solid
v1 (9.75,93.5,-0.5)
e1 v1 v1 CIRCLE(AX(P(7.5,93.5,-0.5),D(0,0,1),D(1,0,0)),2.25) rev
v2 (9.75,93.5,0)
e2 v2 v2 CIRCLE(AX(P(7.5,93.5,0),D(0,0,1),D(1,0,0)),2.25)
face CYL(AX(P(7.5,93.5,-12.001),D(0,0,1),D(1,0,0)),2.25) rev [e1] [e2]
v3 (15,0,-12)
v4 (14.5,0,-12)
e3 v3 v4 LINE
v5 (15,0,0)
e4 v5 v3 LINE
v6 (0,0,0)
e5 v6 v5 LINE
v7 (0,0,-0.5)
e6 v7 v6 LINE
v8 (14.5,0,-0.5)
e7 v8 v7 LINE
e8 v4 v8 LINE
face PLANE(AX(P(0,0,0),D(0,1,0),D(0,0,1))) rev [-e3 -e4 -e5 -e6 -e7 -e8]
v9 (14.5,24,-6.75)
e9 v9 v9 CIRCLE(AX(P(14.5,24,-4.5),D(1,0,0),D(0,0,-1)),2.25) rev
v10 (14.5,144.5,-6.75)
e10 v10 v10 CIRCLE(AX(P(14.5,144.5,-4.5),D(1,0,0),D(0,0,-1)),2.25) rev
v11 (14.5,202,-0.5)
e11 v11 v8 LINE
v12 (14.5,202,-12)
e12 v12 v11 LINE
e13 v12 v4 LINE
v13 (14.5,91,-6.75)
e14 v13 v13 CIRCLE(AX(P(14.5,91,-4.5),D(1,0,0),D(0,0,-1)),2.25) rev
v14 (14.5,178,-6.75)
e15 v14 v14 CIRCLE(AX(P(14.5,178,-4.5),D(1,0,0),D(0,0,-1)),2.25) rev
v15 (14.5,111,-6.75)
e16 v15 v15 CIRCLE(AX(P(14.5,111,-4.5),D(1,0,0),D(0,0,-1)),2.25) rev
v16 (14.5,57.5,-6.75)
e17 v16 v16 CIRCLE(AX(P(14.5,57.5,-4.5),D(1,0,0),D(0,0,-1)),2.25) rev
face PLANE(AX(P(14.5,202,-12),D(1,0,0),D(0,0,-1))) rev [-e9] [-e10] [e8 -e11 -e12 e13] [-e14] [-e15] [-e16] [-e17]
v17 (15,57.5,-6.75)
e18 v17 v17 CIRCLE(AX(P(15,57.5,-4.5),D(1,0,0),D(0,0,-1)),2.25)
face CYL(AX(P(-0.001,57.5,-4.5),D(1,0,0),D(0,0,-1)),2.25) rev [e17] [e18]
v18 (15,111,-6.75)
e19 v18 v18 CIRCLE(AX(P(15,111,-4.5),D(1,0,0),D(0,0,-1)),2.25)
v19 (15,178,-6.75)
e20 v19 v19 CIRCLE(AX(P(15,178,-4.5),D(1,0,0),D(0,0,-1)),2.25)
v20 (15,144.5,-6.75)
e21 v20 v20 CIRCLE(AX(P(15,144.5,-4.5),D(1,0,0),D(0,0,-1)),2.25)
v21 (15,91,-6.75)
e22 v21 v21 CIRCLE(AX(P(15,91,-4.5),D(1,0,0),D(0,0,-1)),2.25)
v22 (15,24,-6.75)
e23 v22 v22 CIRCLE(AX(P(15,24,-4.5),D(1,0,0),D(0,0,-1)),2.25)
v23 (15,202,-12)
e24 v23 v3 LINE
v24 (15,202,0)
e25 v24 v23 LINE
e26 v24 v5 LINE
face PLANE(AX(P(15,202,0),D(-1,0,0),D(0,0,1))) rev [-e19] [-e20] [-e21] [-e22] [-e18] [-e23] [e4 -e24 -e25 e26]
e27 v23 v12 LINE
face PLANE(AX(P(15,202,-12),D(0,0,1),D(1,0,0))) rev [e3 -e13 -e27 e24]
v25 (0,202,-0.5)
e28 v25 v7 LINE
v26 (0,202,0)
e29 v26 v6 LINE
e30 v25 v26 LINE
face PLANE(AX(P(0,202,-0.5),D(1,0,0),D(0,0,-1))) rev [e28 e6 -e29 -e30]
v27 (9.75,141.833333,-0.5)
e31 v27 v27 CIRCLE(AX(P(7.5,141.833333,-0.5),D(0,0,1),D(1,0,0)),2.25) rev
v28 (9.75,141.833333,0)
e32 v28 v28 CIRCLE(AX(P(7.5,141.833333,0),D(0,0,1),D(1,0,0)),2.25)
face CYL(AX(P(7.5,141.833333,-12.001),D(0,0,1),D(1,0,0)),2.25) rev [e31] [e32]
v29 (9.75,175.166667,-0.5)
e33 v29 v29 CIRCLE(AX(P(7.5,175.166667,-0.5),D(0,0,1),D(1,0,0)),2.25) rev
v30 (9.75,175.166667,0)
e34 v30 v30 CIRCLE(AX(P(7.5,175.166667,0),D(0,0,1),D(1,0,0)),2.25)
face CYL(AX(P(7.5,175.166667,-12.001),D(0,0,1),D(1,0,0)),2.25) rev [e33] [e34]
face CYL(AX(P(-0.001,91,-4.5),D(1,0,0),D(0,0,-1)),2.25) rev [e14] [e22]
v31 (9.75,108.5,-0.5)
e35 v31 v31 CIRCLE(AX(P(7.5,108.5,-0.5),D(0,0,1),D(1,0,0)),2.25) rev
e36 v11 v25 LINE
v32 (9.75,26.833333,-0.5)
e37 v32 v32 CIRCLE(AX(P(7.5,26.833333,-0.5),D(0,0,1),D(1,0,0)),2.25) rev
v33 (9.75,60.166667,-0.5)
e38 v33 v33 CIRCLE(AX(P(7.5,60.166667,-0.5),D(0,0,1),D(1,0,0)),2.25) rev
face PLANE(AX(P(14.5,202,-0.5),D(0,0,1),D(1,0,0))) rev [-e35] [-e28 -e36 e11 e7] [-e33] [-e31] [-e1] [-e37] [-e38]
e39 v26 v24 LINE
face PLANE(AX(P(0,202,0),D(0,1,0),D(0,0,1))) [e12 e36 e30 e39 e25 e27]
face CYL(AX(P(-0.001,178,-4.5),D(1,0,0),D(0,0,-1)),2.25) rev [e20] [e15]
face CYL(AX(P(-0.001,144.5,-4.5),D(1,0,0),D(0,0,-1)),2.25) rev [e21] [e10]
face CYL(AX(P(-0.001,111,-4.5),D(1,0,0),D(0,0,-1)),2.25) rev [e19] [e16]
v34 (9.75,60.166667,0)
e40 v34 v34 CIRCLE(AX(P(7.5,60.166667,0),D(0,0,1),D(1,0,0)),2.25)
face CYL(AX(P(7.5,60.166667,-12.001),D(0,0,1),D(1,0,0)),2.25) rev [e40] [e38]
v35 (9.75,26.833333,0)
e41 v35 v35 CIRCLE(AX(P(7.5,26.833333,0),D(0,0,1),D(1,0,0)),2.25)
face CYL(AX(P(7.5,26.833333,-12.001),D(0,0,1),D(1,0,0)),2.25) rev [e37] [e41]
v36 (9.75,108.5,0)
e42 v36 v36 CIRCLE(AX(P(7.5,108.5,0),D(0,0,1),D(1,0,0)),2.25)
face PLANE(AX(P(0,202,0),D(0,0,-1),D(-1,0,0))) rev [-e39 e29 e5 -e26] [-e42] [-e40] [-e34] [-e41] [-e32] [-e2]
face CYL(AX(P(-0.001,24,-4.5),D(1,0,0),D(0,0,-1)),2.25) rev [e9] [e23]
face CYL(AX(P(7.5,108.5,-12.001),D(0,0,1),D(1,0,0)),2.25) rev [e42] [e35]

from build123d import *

# Parameters (mm, degrees)
BOSS_EXTRUDE1_DEPTH = 202
CUT_EXTRUDE1_REACH  = 14
SKETCH2_R           = 2.25
CUT_EXTRUDE2_REACH  = 17
SKETCH3_R           = 2.25


with BuildPart() as part:
    # Sketch1 → Boss-Extrude1 (new body)
    with BuildSketch(Plane(origin=(0, 0, 0), x_dir=(1, 0, 0), z_dir=(0, 1, 0))):
        Polygon((0, 0), (15, 0), (15, 12), (14.5, 12), (14.5, 0.5), (0, 0.5), align=None)
    extrude(amount=BOSS_EXTRUDE1_DEPTH)

    # Sketch2 → Cut-Extrude1 (cut, up to next)
    with BuildSketch(Plane.XY, mode=Mode.PRIVATE) as cut_extrude1_sk1:
        with Locations((7.5, 175.166666667)):
            Circle(SKETCH2_R)
    cut_extrude1_tool1 = extrude(cut_extrude1_sk1.sketch, amount=-CUT_EXTRUDE1_REACH, mode=Mode.PRIVATE) & part.part
    add(cut_extrude1_tool1.solids().sort_by_distance((7.5, 175.166667, 0))[0], mode=Mode.SUBTRACT)
    # Sketch2 → Cut-Extrude1 (cut, up to next)
    with BuildSketch(Plane.XY, mode=Mode.PRIVATE) as cut_extrude1_sk2:
        with Locations((7.5, 141.833333333)):
            Circle(SKETCH2_R)
    cut_extrude1_tool2 = extrude(cut_extrude1_sk2.sketch, amount=-CUT_EXTRUDE1_REACH, mode=Mode.PRIVATE) & part.part
    add(cut_extrude1_tool2.solids().sort_by_distance((7.5, 141.833333, 0))[0], mode=Mode.SUBTRACT)
    # Sketch2 → Cut-Extrude1 (cut, up to next)
    with BuildSketch(Plane.XY, mode=Mode.PRIVATE) as cut_extrude1_sk3:
        with Locations((7.5, 108.5)):
            Circle(SKETCH2_R)
    cut_extrude1_tool3 = extrude(cut_extrude1_sk3.sketch, amount=-CUT_EXTRUDE1_REACH, mode=Mode.PRIVATE) & part.part
    add(cut_extrude1_tool3.solids().sort_by_distance((7.5, 108.5, 0))[0], mode=Mode.SUBTRACT)
    # Sketch2 → Cut-Extrude1 (cut, up to next)
    with BuildSketch(Plane.XY, mode=Mode.PRIVATE) as cut_extrude1_sk4:
        with Locations((7.5, 93.5)):
            Circle(SKETCH2_R)
    cut_extrude1_tool4 = extrude(cut_extrude1_sk4.sketch, amount=-CUT_EXTRUDE1_REACH, mode=Mode.PRIVATE) & part.part
    add(cut_extrude1_tool4.solids().sort_by_distance((7.5, 93.5, 0))[0], mode=Mode.SUBTRACT)
    # Sketch2 → Cut-Extrude1 (cut, up to next)
    with BuildSketch(Plane.XY, mode=Mode.PRIVATE) as cut_extrude1_sk5:
        with Locations((7.5, 60.166666667)):
            Circle(SKETCH2_R)
    cut_extrude1_tool5 = extrude(cut_extrude1_sk5.sketch, amount=-CUT_EXTRUDE1_REACH, mode=Mode.PRIVATE) & part.part
    add(cut_extrude1_tool5.solids().sort_by_distance((7.5, 60.166667, 0))[0], mode=Mode.SUBTRACT)
    # Sketch2 → Cut-Extrude1 (cut, up to next)
    with BuildSketch(Plane.XY, mode=Mode.PRIVATE) as cut_extrude1_sk6:
        with Locations((7.5, 26.833333333)):
            Circle(SKETCH2_R)
    cut_extrude1_tool6 = extrude(cut_extrude1_sk6.sketch, amount=-CUT_EXTRUDE1_REACH, mode=Mode.PRIVATE) & part.part
    add(cut_extrude1_tool6.solids().sort_by_distance((7.5, 26.833333, 0))[0], mode=Mode.SUBTRACT)

    # Sketch3 → Cut-Extrude2 (cut, up to next)
    with BuildSketch(Plane(origin=(15, 0, 0), x_dir=(0, 0, -1), z_dir=(1, 0, 0)), mode=Mode.PRIVATE) as cut_extrude2_sk1:
        with Locations((4.5, 24)):
            Circle(SKETCH3_R)
    cut_extrude2_tool1 = extrude(cut_extrude2_sk1.sketch, amount=-CUT_EXTRUDE2_REACH, mode=Mode.PRIVATE) & part.part
    add(cut_extrude2_tool1.solids().sort_by_distance((15, 24, -4.5))[0], mode=Mode.SUBTRACT)
    # Sketch3 → Cut-Extrude2 (cut, up to next)
    with BuildSketch(Plane(origin=(15, 0, 0), x_dir=(0, 0, -1), z_dir=(1, 0, 0)), mode=Mode.PRIVATE) as cut_extrude2_sk2:
        with Locations((4.5, 57.5)):
            Circle(SKETCH3_R)
    cut_extrude2_tool2 = extrude(cut_extrude2_sk2.sketch, amount=-CUT_EXTRUDE2_REACH, mode=Mode.PRIVATE) & part.part
    add(cut_extrude2_tool2.solids().sort_by_distance((15, 57.5, -4.5))[0], mode=Mode.SUBTRACT)
    # Sketch3 → Cut-Extrude2 (cut, up to next)
    with BuildSketch(Plane(origin=(15, 0, 0), x_dir=(0, 0, -1), z_dir=(1, 0, 0)), mode=Mode.PRIVATE) as cut_extrude2_sk3:
        with Locations((4.5, 91)):
            Circle(SKETCH3_R)
    cut_extrude2_tool3 = extrude(cut_extrude2_sk3.sketch, amount=-CUT_EXTRUDE2_REACH, mode=Mode.PRIVATE) & part.part
    add(cut_extrude2_tool3.solids().sort_by_distance((15, 91, -4.5))[0], mode=Mode.SUBTRACT)
    # Sketch3 → Cut-Extrude2 (cut, up to next)
    with BuildSketch(Plane(origin=(15, 0, 0), x_dir=(0, 0, -1), z_dir=(1, 0, 0)), mode=Mode.PRIVATE) as cut_extrude2_sk4:
        with Locations((4.5, 111)):
            Circle(SKETCH3_R)
    cut_extrude2_tool4 = extrude(cut_extrude2_sk4.sketch, amount=-CUT_EXTRUDE2_REACH, mode=Mode.PRIVATE) & part.part
    add(cut_extrude2_tool4.solids().sort_by_distance((15, 111, -4.5))[0], mode=Mode.SUBTRACT)
    # Sketch3 → Cut-Extrude2 (cut, up to next)
    with BuildSketch(Plane(origin=(15, 0, 0), x_dir=(0, 0, -1), z_dir=(1, 0, 0)), mode=Mode.PRIVATE) as cut_extrude2_sk5:
        with Locations((4.5, 144.5)):
            Circle(SKETCH3_R)
    cut_extrude2_tool5 = extrude(cut_extrude2_sk5.sketch, amount=-CUT_EXTRUDE2_REACH, mode=Mode.PRIVATE) & part.part
    add(cut_extrude2_tool5.solids().sort_by_distance((15, 144.5, -4.5))[0], mode=Mode.SUBTRACT)
    # Sketch3 → Cut-Extrude2 (cut, up to next)
    with BuildSketch(Plane(origin=(15, 0, 0), x_dir=(0, 0, -1), z_dir=(1, 0, 0)), mode=Mode.PRIVATE) as cut_extrude2_sk6:
        with Locations((4.5, 178)):
            Circle(SKETCH3_R)
    cut_extrude2_tool6 = extrude(cut_extrude2_sk6.sketch, amount=-CUT_EXTRUDE2_REACH, mode=Mode.PRIVATE) & part.part
    add(cut_extrude2_tool6.solids().sort_by_distance((15, 178, -4.5))[0], mode=Mode.SUBTRACT)


solid = part.part
